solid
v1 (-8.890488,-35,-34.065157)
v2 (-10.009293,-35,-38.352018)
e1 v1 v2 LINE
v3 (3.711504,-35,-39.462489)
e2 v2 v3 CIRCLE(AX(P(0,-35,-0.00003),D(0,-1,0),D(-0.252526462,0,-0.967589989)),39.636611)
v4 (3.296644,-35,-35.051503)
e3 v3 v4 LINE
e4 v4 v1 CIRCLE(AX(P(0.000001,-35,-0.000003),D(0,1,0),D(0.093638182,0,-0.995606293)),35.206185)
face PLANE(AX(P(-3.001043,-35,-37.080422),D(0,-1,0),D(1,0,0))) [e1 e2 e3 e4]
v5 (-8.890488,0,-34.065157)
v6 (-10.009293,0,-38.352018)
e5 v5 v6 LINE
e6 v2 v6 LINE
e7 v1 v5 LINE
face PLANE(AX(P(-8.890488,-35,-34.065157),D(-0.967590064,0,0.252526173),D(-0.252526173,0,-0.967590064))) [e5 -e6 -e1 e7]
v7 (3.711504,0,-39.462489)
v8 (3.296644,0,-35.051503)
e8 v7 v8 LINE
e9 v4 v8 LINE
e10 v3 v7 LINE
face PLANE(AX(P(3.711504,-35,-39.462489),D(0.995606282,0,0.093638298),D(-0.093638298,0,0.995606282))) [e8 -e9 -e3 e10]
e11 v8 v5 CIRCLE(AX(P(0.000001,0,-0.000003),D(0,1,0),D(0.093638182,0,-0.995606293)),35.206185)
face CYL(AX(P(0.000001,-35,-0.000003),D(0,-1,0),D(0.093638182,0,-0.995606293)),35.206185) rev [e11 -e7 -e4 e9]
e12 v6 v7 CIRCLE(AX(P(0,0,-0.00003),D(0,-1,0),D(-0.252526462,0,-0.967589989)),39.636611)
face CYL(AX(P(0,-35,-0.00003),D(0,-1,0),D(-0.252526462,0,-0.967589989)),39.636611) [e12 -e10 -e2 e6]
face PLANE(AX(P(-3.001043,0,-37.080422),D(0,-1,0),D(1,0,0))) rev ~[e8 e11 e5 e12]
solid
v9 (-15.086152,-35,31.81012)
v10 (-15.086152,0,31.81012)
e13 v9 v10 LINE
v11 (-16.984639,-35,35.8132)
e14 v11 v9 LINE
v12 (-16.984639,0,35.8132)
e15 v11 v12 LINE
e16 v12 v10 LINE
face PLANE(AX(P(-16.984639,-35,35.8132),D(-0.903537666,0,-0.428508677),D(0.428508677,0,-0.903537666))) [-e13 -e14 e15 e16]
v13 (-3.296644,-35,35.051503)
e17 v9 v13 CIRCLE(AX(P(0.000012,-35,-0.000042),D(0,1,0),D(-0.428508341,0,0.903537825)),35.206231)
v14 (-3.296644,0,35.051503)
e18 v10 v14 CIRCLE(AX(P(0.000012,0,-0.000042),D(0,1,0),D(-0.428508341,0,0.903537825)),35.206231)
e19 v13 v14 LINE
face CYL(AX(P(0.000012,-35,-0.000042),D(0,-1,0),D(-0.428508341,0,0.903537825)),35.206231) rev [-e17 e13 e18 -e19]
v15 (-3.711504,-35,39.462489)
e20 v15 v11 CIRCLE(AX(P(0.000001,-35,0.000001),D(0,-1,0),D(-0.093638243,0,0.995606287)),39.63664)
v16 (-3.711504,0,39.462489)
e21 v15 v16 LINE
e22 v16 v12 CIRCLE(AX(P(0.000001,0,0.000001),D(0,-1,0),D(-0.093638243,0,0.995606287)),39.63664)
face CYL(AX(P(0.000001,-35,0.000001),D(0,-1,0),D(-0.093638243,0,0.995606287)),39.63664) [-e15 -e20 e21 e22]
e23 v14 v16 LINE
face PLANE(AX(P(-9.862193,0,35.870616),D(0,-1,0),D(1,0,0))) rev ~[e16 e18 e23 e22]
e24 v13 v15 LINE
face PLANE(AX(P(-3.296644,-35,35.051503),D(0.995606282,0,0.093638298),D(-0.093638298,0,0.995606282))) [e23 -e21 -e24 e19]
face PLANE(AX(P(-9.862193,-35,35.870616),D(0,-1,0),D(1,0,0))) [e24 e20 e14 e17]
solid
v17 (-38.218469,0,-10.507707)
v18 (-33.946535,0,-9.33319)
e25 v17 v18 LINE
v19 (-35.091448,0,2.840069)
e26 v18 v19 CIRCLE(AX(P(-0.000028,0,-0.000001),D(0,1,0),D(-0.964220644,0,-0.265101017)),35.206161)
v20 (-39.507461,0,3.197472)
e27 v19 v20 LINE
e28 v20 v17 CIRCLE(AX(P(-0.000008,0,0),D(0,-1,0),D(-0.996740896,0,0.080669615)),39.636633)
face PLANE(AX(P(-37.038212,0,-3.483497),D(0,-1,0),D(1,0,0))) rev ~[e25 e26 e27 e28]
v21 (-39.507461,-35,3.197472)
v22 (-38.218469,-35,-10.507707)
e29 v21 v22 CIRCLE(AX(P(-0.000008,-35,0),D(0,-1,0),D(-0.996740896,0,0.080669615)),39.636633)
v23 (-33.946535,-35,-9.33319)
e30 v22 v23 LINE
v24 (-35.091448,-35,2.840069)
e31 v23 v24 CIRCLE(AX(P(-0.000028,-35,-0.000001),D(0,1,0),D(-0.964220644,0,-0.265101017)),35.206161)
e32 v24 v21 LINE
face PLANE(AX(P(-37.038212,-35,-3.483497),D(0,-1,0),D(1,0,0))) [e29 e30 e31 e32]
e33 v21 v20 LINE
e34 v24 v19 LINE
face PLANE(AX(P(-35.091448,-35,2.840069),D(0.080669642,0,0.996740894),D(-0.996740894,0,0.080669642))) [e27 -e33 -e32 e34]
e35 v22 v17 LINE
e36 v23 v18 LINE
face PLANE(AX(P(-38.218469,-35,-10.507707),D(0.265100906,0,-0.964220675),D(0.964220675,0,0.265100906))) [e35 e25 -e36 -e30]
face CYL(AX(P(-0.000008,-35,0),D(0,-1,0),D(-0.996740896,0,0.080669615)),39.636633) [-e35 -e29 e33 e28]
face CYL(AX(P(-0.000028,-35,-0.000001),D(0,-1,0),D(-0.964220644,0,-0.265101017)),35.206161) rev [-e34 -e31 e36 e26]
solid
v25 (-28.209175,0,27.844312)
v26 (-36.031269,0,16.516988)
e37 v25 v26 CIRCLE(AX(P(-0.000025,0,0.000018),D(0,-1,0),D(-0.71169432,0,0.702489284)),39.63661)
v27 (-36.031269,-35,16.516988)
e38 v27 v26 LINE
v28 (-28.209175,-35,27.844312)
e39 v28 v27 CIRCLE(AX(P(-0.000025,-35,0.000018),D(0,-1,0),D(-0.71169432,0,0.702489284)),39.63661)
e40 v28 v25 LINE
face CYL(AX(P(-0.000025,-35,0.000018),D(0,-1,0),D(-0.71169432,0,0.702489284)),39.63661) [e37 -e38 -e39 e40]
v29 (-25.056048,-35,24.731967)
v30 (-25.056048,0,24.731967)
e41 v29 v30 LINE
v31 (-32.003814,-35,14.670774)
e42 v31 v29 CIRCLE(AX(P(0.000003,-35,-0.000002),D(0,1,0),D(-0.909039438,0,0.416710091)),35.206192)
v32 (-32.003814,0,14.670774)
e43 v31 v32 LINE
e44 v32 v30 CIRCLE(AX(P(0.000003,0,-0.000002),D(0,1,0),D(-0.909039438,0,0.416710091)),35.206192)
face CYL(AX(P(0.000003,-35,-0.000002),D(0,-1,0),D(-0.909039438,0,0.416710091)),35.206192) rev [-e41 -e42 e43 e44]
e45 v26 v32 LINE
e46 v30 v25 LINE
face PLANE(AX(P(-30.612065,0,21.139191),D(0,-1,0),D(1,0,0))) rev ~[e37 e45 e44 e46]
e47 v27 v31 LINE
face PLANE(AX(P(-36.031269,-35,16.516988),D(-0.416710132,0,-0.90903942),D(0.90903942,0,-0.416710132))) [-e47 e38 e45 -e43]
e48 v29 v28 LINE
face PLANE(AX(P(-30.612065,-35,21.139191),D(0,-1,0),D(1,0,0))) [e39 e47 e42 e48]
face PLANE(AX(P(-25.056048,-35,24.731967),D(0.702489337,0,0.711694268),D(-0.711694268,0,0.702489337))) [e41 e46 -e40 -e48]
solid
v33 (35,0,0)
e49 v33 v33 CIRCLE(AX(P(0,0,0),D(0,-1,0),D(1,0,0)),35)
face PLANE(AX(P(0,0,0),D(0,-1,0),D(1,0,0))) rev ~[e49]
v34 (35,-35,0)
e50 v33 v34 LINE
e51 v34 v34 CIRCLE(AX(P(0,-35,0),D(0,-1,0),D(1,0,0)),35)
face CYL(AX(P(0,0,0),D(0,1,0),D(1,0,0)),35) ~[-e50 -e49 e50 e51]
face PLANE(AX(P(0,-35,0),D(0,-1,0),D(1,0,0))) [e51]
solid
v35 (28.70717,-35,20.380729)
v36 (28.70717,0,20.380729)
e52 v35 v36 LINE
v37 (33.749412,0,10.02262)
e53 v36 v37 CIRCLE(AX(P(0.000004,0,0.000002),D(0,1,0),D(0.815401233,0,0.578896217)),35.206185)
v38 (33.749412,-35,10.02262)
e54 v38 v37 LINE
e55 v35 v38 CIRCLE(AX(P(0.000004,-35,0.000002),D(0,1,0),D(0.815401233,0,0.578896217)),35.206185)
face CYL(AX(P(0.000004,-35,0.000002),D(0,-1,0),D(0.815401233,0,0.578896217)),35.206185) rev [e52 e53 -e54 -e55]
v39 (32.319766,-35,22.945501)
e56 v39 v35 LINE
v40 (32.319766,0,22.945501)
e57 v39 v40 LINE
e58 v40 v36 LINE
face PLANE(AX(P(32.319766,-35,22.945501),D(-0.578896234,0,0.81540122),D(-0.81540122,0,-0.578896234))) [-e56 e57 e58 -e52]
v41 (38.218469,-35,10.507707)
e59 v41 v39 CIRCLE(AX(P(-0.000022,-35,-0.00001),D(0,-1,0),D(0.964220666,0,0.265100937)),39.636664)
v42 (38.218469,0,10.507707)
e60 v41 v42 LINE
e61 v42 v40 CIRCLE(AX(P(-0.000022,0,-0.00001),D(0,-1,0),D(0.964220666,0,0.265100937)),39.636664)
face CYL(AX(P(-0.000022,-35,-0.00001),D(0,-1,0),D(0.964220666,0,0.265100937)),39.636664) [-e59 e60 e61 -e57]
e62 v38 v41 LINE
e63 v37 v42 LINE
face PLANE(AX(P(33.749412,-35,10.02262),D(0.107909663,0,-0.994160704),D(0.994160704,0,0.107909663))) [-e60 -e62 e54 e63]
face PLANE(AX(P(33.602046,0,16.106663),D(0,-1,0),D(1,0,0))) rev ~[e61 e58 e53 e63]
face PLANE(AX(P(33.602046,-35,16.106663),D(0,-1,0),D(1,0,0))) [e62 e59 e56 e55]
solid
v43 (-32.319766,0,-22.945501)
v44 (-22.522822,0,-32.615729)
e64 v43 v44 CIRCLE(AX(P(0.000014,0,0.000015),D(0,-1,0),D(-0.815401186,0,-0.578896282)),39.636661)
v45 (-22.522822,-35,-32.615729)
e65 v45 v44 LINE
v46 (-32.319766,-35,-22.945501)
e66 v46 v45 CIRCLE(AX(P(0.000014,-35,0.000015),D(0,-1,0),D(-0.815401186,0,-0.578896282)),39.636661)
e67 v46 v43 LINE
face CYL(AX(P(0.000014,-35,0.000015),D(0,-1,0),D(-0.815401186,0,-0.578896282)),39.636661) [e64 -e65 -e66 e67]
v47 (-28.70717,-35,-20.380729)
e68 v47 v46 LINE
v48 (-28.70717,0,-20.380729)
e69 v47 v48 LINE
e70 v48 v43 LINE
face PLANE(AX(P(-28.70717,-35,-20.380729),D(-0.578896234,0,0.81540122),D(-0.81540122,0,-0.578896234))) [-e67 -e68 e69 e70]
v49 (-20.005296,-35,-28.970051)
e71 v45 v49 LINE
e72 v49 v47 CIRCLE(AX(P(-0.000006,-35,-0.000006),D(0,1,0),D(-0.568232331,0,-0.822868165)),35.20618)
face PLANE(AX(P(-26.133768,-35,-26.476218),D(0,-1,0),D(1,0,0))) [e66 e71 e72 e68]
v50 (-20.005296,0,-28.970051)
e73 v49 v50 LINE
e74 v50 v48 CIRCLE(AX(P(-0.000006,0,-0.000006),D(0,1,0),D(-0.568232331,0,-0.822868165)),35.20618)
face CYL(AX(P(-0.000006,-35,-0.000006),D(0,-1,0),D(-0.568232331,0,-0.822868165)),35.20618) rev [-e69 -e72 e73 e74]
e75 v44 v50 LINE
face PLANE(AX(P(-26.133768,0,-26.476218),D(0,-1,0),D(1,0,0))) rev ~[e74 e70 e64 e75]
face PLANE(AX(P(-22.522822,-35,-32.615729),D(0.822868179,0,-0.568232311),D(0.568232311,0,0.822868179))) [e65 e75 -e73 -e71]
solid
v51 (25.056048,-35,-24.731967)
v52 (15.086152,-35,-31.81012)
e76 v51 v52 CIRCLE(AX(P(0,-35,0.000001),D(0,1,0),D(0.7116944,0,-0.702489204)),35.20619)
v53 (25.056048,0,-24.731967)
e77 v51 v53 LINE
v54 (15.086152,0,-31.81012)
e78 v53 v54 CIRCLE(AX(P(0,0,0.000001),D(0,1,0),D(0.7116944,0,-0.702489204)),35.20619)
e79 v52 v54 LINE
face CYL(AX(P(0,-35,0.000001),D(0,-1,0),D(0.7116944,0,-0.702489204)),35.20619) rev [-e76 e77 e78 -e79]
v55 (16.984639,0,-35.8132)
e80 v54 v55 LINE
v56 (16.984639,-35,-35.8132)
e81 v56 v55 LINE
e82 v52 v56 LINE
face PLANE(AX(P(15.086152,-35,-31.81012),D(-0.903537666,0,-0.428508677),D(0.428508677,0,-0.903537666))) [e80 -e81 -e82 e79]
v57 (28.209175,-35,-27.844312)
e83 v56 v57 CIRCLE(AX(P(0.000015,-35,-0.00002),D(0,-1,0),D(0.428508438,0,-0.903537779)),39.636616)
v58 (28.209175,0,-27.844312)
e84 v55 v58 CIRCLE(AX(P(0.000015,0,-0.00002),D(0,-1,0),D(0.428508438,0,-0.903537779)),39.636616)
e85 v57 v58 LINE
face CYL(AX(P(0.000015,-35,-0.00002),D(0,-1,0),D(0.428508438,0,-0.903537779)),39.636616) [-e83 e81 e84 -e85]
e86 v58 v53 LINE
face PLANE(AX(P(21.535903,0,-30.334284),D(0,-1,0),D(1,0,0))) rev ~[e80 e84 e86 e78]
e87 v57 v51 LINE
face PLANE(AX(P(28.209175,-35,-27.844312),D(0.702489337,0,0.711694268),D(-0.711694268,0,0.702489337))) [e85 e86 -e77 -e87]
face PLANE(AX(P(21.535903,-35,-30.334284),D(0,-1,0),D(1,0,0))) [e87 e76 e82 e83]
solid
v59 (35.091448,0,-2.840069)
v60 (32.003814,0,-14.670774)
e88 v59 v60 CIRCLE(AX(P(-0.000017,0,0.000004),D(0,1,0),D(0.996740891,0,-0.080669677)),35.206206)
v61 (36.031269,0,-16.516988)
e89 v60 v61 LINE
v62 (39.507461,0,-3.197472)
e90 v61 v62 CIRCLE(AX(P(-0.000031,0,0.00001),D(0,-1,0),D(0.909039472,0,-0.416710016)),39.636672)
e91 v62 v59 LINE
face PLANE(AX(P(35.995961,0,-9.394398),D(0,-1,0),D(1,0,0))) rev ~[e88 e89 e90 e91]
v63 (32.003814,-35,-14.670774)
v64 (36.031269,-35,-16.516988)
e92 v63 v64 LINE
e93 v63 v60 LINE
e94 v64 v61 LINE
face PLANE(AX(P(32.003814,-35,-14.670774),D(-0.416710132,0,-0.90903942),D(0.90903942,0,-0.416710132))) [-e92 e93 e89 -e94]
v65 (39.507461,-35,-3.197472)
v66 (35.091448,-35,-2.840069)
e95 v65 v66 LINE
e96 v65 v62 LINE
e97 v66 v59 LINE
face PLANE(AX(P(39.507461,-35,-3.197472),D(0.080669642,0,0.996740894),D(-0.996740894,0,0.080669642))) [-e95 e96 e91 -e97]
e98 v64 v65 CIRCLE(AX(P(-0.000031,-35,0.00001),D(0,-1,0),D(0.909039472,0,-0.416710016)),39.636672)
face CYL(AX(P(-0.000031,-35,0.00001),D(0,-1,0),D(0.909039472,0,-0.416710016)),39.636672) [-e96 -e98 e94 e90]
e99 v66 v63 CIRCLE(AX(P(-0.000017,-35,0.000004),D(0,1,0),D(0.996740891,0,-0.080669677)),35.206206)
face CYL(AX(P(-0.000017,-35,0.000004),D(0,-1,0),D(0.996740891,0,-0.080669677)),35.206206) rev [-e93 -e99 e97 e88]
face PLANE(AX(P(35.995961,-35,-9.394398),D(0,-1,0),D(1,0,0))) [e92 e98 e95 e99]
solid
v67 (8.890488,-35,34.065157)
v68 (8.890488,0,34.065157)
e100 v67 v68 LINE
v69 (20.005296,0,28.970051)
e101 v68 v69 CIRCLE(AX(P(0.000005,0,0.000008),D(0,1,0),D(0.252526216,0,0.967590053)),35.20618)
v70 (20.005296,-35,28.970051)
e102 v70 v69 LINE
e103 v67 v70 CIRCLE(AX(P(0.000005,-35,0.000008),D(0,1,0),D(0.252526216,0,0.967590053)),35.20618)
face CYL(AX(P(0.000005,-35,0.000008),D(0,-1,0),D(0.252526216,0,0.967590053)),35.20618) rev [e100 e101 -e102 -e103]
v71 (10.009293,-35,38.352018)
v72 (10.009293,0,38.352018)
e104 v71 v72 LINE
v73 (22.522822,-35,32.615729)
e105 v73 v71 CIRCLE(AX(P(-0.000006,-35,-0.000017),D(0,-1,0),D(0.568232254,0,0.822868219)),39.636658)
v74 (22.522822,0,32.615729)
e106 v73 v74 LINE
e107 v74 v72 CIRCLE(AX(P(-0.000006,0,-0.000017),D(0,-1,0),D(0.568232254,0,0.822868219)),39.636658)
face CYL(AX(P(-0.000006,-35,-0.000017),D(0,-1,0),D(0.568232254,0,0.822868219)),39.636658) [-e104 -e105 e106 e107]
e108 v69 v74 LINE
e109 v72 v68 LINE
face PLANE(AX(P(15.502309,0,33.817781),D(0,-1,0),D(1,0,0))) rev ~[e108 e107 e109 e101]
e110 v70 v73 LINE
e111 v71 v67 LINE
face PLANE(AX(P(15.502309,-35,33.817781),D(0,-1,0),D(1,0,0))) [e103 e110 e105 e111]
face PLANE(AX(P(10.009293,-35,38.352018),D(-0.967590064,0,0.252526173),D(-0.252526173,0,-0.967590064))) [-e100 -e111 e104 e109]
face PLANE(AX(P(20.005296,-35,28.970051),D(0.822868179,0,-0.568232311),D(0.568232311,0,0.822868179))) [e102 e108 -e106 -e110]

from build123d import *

# Parameters (mm, degrees)
F0_R     = 35
F1_DEPTH = 35
F4_DEPTH = 35


with BuildPart() as f1:
    # F0 (on Front) → F1 (new body)
    with BuildSketch(Plane.XZ):
        Circle(F0_R)
    extrude(amount=F1_DEPTH)


with BuildPart() as f4:
    # F3 (on face) → F4 (new body)
    with BuildSketch(Plane.XZ.offset(35)):
        with BuildLine():
            ThreePointArc((-20.005296, -28.970051), (-24.731967, -25.056048), (-28.70717, -20.380729))
            Line((-28.70717, -20.380729), (-32.319766, -22.945501))
            ThreePointArc((-32.319766, -22.945501), (-27.844312, -28.209175), (-22.522822, -32.615729))
            Line((-22.522822, -32.615729), (-20.005296, -28.970051))
        make_face()
        with BuildLine():
            ThreePointArc((3.296644, -35.051503), (-2.840069, -35.091448), (-8.890488, -34.065157))
            Line((-8.890488, -34.065157), (-10.009293, -38.352018))
            ThreePointArc((-10.009293, -38.352018), (-3.197472, -39.507461), (3.711504, -39.462489))
            Line((3.711504, -39.462489), (3.296644, -35.051503))
        make_face()
        with BuildLine():
            ThreePointArc((25.056048, -24.731967), (20.380729, -28.70717), (15.086152, -31.81012))
            Line((15.086152, -31.81012), (16.984639, -35.8132))
            ThreePointArc((16.984639, -35.8132), (22.945501, -32.319766), (28.209175, -27.844312))
            Line((28.209175, -27.844312), (25.056048, -24.731967))
        make_face()
        with BuildLine():
            ThreePointArc((35.091448, -2.840069), (34.065157, -8.890488), (32.003814, -14.670774))
            Line((32.003814, -14.670774), (36.031269, -16.516988))
            ThreePointArc((36.031269, -16.516988), (38.352018, -10.009293), (39.507461, -3.197472))
            Line((39.507461, -3.197472), (35.091448, -2.840069))
        make_face()
        with BuildLine():
            ThreePointArc((28.70717, 20.380729), (31.654838, 15.409314), (33.749412, 10.02262))
            Line((33.749412, 10.02262), (38.218469, 10.507707))
            ThreePointArc((38.218469, 10.507707), (35.8132, 16.984639), (32.319766, 22.945501))
            Line((32.319766, 22.945501), (28.70717, 20.380729))
        make_face()
        with BuildLine():
            Line((10.009293, 38.352018), (8.890488, 34.065157))
            ThreePointArc((8.890488, 34.065157), (14.670774, 32.003814), (20.005296, 28.970051))
            Line((20.005296, 28.970051), (22.522822, 32.615729))
            ThreePointArc((22.522822, 32.615729), (16.516988, 36.031269), (10.009293, 38.352018))
        make_face()
        with BuildLine():
            Line((-16.984639, 35.8132), (-15.086152, 31.81012))
            ThreePointArc((-15.086152, 31.81012), (-9.33319, 33.946535), (-3.296644, 35.051503))
            Line((-3.296644, 35.051503), (-3.711504, 39.462489))
            ThreePointArc((-3.711504, 39.462489), (-10.507707, 38.218469), (-16.984639, 35.8132))
        make_face()
        with BuildLine():
            Line((-36.031269, 16.516988), (-32.003814, 14.670774))
            ThreePointArc((-32.003814, 14.670774), (-28.970051, 20.005296), (-25.056048, 24.731967))
            Line((-25.056048, 24.731967), (-28.209175, 27.844312))
            ThreePointArc((-28.209175, 27.844312), (-32.615729, 22.522822), (-36.031269, 16.516988))
        make_face()
        with BuildLine():
            Line((-38.218469, -10.507707), (-33.946535, -9.33319))
            ThreePointArc((-33.946535, -9.33319), (-35.051503, -3.296644), (-35.091448, 2.840069))
            Line((-35.091448, 2.840069), (-39.507461, 3.197472))
            ThreePointArc((-39.507461, 3.197472), (-39.462489, -3.711504), (-38.218469, -10.507707))
        make_face()
    extrude(amount=-F4_DEPTH)


solid = Compound([f1.part, f4.part])
